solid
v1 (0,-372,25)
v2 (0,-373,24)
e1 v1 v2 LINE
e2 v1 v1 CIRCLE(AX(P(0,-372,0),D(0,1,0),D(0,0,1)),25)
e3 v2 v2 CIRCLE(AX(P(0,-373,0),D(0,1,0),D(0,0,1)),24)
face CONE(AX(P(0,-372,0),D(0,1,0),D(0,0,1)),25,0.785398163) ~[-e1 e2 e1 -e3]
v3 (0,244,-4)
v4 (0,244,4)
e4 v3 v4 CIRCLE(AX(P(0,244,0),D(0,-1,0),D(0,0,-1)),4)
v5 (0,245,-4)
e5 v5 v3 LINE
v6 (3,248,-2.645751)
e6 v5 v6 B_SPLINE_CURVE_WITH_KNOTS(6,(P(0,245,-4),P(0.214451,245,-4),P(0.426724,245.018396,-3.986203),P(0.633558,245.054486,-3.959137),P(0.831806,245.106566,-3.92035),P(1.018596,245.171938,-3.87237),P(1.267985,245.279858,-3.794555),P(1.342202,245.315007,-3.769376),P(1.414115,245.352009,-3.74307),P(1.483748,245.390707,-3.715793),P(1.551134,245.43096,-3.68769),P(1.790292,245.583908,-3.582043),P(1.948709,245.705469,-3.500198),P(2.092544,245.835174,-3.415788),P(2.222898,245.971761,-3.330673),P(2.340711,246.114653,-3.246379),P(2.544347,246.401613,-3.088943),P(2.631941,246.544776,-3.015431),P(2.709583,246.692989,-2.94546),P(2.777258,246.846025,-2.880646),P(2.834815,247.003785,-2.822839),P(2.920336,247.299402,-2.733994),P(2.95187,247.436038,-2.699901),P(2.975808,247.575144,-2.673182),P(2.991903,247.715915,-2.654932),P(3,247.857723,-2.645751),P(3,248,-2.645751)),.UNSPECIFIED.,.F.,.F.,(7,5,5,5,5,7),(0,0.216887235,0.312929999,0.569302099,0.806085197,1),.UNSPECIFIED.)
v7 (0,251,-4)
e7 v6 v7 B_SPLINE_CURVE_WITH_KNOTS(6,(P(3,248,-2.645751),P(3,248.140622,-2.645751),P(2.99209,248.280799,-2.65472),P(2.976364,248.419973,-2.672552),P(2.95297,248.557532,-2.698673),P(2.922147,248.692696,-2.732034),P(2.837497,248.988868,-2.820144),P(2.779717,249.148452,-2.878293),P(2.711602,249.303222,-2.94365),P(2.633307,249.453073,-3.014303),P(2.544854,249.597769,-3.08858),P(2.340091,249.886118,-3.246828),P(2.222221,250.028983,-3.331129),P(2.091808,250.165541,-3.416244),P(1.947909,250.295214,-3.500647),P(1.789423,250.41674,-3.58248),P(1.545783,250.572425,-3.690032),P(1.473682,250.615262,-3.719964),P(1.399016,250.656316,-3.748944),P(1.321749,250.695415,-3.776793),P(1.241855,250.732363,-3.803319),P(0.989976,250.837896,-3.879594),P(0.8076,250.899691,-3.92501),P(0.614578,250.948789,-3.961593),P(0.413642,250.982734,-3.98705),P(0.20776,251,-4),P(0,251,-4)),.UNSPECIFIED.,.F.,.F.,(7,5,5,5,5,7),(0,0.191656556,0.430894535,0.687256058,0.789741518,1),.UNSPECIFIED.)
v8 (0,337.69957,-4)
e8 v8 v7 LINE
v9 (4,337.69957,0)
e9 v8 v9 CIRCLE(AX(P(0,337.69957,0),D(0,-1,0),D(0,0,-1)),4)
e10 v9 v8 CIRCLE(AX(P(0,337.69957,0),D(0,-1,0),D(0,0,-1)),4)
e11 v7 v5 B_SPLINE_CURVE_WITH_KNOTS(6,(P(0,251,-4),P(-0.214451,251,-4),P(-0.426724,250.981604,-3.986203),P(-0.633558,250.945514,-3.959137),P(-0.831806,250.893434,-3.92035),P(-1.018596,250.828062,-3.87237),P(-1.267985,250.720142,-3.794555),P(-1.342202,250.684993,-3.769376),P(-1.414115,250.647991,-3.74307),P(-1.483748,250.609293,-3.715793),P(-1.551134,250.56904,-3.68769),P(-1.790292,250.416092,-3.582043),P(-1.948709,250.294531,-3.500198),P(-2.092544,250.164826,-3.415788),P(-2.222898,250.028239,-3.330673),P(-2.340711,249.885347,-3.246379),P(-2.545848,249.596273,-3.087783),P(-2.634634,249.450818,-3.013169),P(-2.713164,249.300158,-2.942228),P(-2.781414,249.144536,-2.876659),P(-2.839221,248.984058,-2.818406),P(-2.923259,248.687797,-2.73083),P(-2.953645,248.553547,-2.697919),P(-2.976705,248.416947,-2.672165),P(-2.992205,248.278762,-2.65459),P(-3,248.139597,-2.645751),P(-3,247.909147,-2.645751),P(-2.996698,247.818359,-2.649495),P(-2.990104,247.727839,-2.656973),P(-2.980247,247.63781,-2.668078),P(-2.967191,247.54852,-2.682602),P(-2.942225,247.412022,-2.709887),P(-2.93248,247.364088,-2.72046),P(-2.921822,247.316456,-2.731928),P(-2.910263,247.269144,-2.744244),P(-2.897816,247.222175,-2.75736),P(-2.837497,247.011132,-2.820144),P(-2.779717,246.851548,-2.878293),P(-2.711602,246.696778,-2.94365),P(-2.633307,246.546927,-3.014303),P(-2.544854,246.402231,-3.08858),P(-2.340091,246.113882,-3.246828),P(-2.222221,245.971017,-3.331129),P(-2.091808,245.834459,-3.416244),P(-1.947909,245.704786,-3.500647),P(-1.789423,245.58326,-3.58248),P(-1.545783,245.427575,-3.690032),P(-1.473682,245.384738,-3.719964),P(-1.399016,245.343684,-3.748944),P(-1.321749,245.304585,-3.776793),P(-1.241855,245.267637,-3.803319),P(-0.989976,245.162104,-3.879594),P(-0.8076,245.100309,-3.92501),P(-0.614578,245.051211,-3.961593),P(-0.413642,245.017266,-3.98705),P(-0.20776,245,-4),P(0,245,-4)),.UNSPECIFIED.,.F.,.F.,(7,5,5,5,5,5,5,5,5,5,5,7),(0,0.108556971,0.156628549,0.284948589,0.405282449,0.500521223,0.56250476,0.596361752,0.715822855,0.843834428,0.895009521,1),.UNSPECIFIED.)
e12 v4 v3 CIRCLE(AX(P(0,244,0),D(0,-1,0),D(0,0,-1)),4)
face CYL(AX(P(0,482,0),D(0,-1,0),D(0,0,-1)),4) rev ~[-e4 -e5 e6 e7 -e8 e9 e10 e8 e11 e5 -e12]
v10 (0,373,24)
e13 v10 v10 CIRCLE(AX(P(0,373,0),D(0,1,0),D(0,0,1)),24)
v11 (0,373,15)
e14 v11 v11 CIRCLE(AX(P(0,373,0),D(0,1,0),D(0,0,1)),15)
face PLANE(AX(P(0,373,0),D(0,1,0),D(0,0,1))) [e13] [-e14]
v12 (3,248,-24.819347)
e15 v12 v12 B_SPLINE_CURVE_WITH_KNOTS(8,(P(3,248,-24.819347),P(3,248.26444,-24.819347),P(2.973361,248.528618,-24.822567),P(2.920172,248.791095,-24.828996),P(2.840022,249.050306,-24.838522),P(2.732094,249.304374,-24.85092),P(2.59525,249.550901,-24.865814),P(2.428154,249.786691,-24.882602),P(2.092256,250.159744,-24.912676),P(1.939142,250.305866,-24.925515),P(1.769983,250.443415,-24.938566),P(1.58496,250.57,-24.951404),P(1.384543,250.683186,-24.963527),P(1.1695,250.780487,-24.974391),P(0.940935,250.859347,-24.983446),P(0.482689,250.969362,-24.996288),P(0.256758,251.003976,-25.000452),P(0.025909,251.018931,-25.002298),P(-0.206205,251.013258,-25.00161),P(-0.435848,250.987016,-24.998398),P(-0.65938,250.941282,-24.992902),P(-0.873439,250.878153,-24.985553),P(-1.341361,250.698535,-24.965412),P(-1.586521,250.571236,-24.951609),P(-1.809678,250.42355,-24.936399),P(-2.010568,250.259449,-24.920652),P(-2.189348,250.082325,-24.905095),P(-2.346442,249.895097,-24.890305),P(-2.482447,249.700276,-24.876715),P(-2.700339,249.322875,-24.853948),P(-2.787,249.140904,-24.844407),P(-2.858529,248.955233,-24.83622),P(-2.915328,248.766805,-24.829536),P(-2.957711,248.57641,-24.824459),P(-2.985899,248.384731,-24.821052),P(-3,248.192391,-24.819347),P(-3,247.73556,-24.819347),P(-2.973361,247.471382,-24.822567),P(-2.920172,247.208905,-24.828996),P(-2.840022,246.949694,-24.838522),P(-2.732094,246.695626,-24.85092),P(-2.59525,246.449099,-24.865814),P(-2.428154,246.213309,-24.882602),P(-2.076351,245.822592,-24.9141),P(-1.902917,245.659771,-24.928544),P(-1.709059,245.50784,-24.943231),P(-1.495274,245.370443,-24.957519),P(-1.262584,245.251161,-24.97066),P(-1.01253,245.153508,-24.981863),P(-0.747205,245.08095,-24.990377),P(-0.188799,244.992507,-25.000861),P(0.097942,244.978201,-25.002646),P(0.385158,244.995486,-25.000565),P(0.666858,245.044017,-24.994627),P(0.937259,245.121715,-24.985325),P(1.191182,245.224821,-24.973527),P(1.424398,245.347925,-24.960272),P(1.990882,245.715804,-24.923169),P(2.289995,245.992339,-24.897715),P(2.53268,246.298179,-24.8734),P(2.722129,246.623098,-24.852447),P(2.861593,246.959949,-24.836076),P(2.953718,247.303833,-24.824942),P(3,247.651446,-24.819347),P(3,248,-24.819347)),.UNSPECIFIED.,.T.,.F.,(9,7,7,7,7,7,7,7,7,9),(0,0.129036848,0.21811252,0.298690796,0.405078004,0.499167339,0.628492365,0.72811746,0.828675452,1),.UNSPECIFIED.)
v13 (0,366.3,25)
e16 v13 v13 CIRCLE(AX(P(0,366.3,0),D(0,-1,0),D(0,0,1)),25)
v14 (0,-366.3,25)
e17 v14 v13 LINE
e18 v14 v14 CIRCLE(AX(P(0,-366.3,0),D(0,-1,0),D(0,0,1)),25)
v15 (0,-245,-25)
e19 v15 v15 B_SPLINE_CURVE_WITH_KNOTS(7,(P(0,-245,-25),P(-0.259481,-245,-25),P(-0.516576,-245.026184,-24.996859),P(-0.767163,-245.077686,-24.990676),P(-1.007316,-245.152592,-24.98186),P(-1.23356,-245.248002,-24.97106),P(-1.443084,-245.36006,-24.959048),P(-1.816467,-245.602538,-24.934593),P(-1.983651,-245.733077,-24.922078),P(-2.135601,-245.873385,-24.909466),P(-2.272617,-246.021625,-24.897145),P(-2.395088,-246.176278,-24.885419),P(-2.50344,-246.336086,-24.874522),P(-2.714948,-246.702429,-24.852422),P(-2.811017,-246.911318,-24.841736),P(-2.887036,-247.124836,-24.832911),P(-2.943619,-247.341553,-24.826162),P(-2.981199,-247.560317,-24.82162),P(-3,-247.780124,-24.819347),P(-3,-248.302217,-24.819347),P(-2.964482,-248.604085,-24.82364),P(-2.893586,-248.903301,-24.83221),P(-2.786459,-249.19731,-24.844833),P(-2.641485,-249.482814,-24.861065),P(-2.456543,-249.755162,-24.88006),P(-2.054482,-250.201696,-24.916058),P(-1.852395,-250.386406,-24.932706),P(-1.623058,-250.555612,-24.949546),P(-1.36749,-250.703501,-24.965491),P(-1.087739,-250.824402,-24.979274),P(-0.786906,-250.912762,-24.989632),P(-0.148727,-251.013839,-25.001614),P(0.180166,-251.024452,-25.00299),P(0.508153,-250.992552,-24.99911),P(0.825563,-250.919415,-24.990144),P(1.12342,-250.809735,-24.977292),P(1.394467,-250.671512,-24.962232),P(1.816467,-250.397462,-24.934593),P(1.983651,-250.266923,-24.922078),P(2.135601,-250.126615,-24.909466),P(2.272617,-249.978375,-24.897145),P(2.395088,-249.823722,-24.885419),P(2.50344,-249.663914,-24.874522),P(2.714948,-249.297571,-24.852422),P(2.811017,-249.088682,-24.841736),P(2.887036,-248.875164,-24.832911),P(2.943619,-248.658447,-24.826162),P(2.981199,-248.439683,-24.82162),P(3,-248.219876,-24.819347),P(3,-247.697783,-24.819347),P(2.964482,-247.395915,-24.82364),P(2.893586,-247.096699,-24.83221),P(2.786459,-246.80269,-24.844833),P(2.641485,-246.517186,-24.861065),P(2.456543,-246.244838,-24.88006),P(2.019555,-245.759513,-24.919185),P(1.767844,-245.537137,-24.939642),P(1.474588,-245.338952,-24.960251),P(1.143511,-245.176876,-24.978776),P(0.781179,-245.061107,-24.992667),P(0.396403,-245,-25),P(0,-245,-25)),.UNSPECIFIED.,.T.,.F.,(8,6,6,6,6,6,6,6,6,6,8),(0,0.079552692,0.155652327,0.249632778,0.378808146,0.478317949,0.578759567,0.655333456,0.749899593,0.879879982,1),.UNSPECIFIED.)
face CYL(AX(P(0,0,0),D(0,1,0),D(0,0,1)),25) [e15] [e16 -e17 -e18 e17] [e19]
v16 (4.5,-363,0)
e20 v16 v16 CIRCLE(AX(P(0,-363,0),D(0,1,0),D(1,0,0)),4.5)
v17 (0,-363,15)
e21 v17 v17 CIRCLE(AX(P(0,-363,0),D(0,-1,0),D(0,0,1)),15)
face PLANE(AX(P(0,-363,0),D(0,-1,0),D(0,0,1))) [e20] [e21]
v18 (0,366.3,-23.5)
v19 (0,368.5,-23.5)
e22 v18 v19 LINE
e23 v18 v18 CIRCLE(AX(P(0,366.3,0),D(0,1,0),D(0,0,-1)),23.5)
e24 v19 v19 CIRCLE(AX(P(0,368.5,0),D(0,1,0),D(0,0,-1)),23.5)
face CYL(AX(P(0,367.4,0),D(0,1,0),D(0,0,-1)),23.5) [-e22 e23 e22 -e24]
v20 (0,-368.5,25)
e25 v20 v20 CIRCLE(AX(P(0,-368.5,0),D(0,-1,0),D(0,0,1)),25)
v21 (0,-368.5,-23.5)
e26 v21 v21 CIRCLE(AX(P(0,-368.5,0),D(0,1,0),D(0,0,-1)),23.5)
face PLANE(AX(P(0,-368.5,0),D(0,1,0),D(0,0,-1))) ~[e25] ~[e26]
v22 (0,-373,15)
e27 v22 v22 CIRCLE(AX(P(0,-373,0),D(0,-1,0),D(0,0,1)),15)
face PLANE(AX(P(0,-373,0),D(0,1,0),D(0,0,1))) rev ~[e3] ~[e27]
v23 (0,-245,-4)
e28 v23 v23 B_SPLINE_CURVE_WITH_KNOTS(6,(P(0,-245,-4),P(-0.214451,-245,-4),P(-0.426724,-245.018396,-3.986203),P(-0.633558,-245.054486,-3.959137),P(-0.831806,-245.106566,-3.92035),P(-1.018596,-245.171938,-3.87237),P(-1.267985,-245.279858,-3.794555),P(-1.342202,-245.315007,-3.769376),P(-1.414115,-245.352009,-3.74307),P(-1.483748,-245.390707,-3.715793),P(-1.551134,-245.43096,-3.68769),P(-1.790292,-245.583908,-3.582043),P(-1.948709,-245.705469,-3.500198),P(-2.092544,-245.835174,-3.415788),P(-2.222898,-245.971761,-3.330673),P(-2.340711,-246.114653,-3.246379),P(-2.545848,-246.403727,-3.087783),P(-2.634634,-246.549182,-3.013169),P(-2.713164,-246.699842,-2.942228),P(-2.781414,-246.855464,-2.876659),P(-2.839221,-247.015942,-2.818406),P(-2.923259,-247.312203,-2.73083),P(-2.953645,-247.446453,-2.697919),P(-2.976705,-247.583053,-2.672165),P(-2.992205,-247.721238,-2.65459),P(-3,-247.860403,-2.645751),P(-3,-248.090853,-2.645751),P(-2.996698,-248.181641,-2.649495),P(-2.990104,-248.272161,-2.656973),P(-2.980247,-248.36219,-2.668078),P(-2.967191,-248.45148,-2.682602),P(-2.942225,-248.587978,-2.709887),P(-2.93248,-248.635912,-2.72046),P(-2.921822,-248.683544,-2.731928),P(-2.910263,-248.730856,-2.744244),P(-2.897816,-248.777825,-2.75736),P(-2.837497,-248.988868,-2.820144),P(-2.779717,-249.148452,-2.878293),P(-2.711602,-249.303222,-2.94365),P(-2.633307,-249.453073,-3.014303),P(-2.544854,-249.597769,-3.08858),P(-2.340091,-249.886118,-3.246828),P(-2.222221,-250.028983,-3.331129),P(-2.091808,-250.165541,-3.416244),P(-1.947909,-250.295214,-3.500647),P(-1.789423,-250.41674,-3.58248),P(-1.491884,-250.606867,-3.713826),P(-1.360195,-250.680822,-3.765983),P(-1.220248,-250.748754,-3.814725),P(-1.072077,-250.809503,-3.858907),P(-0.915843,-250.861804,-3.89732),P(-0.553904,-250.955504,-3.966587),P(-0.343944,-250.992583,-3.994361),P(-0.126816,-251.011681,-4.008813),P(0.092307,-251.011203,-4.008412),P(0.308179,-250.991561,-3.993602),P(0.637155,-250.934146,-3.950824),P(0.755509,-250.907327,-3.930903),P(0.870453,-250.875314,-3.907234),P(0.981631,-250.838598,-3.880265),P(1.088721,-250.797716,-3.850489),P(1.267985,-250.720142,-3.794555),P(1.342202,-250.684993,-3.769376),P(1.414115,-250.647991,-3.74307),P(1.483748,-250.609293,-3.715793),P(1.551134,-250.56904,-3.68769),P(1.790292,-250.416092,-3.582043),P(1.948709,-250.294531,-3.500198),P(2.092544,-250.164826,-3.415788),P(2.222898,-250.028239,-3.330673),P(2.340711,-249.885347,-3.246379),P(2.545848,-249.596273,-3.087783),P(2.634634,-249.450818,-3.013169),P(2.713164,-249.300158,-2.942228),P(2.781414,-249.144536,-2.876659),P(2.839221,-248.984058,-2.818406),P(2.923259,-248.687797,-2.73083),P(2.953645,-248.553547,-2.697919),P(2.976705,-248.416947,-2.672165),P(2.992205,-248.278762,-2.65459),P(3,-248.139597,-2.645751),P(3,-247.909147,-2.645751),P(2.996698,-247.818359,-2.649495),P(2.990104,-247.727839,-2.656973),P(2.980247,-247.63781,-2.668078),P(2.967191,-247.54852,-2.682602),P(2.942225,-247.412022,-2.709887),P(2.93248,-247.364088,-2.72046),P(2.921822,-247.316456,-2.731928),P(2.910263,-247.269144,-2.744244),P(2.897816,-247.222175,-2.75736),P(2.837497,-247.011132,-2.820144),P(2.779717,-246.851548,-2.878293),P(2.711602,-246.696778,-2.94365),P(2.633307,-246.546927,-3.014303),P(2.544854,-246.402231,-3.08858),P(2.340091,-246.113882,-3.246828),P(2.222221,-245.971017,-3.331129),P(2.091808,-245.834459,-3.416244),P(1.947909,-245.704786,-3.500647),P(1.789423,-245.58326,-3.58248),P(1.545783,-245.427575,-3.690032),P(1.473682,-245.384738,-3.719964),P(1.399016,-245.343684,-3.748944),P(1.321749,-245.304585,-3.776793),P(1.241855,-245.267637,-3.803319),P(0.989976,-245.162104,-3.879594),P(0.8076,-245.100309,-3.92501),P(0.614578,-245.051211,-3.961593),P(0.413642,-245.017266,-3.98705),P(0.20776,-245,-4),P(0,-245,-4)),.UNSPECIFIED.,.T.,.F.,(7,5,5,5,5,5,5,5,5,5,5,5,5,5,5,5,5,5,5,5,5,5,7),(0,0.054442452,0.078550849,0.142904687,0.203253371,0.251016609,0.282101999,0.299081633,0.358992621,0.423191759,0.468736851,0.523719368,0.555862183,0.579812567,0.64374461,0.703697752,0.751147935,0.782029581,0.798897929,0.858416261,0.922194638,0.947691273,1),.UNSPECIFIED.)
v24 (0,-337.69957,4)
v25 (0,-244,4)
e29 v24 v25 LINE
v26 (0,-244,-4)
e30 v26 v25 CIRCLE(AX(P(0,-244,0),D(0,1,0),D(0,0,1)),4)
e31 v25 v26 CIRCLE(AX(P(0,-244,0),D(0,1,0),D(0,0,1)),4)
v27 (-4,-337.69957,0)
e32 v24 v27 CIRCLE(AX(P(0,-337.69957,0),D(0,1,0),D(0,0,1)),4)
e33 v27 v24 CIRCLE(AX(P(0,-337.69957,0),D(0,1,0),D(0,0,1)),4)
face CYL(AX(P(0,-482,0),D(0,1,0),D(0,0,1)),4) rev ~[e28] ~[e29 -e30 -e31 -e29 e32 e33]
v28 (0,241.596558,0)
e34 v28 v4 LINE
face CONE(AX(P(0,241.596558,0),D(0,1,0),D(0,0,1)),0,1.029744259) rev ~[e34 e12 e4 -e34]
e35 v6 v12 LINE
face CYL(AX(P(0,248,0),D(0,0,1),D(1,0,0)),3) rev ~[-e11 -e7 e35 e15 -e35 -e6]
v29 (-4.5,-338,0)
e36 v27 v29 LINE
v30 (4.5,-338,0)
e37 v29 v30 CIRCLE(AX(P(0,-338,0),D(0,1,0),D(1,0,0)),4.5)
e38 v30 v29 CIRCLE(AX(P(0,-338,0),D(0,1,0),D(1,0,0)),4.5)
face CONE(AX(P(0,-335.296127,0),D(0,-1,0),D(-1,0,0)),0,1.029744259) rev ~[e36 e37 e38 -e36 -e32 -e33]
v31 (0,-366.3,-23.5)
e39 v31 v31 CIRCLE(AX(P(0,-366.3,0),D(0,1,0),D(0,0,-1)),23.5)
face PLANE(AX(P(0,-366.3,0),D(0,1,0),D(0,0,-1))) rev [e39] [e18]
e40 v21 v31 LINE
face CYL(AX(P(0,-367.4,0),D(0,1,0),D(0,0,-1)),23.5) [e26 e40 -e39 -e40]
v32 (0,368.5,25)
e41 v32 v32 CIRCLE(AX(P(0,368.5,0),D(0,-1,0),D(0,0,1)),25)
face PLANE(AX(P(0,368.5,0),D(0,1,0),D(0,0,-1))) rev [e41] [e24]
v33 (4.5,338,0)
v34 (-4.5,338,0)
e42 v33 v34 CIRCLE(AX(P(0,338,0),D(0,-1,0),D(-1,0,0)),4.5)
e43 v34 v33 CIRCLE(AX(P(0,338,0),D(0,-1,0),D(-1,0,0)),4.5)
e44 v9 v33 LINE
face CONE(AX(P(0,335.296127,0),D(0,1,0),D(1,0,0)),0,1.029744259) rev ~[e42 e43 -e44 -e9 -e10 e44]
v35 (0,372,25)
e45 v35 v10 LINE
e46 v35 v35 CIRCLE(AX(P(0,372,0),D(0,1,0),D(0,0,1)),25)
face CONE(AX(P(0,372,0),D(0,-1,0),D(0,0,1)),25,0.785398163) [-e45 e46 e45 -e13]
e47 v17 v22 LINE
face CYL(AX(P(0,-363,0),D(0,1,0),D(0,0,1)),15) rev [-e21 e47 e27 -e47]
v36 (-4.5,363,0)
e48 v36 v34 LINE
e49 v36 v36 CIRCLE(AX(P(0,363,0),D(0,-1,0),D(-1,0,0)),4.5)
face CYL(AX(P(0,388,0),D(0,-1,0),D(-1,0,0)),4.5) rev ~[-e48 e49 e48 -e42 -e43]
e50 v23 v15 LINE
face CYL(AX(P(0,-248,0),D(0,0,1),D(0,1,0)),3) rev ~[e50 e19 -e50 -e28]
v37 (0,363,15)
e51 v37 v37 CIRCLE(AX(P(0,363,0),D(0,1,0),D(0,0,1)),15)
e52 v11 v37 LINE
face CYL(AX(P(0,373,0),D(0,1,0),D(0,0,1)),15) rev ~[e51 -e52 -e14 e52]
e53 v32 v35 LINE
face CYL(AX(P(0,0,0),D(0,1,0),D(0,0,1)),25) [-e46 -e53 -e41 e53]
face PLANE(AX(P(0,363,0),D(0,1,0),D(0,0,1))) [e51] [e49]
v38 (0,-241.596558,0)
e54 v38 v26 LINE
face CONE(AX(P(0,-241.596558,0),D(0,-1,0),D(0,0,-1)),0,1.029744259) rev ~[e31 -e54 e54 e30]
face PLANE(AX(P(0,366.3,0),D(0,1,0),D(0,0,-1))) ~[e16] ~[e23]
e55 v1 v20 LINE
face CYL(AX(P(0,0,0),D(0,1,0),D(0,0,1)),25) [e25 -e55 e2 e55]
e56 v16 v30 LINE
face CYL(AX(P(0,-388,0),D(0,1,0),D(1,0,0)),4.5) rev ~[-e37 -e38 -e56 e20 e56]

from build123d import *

# Parameters (mm, degrees)
SKETCH_1_R                = 25
EXTRUDE_1_DEPTH           = 373
SKETCH_2_R                = 15
CUT_EXTRUDE_1_DEPTH       = 10
HOLE_WIZARD_8_0_8_1_D     = 8
HOLE_WIZARD_8_0_8_1_DEPTH = 119
HOLE_WIZARD_8_0_8_1_TIP   = 2.403442476
SKETCH_5_R                = 3
CUT_EXTRUDE_2_DEPTH       = 100
M10X1_0_1_D               = 9
M10X1_0_1_DEPTH           = 25
M10X1_0_1_TIP             = 2.703872786
CUT_EXTRUDE_START         = -10
SKETCH_8_R                = 15
CUT_EXTRUDE_3_DEPTH       = 10
HOLE_WIZARD_8_0_8_2_D     = 8
HOLE_WIZARD_8_0_8_2_DEPTH = 119
HOLE_WIZARD_8_0_8_2_TIP   = 2.403442476
M10X1_0_2_D               = 9
M10X1_0_2_DEPTH           = 25
M10X1_0_2_TIP             = 2.703872786
SKETCH_12_R               = 3
CUT_EXTRUDE_4_DEPTH       = 51
CHAMFER_1_SIZE            = 1
SKETCH_14_W               = 1.5
SKETCH_14_H               = 2.2


with BuildPart() as part:
    # 草图1 → 凸台-拉伸1 (new, symmetric)
    with BuildSketch(Plane(origin=(0, 0, 0), x_dir=(1, 0, 0), z_dir=(0, 1, 0))):
        with Locations(Location((0, 0, 0), (0, 0, 270))):
            Circle(SKETCH_1_R)
    extrude(amount=EXTRUDE_1_DEPTH, both=True)

    # 草图2 → 切除-拉伸1 (cut)
    with BuildSketch(Plane(origin=(0, 373, 0), x_dir=(1, 0, 0), z_dir=(0, 1, 0))):
        with Locations(Location((0, 0, 0), (0, 0, 270))):
            Circle(SKETCH_2_R)
    extrude(amount=-CUT_EXTRUDE_1_DEPTH, mode=Mode.SUBTRACT)

    # Ø8.0 (8) 直径孔1
    with Locations(Plane.ZX.offset(363)):
        with Locations((0, 0)):
            Hole(HOLE_WIZARD_8_0_8_1_D / 2, depth=HOLE_WIZARD_8_0_8_1_DEPTH)
            with Locations((0, 0, -(HOLE_WIZARD_8_0_8_1_DEPTH + HOLE_WIZARD_8_0_8_1_TIP / 2))):  # 118° drill point
                Cone(0, HOLE_WIZARD_8_0_8_1_D / 2, HOLE_WIZARD_8_0_8_1_TIP, mode=Mode.SUBTRACT)

    # 草图5 → 切除-拉伸2 (cut)
    with BuildSketch(Plane.XY):
        with Locations((0, 248)):
            Circle(SKETCH_5_R)
    extrude(amount=-CUT_EXTRUDE_2_DEPTH, mode=Mode.SUBTRACT)

    # M10x1.0 螺纹孔1
    with Locations(Plane(origin=(0, 363, 0), x_dir=(1, 0, 0), z_dir=(0, 1, 0))):
        with Locations((0, 0)):
            Hole(M10X1_0_1_D / 2, depth=M10X1_0_1_DEPTH)
            with Locations((0, 0, -(M10X1_0_1_DEPTH + M10X1_0_1_TIP / 2))):  # 118° drill point
                Cone(0, M10X1_0_1_D / 2, M10X1_0_1_TIP, mode=Mode.SUBTRACT)

    # 草图8 → 切除-拉伸3 (cut)
    with BuildSketch(Plane.XZ.offset(373).offset(CUT_EXTRUDE_START)):
        with Locations(Location((0, 0, 0), (0, 0, 90))):
            Circle(SKETCH_8_R)
    extrude(amount=CUT_EXTRUDE_3_DEPTH, mode=Mode.SUBTRACT)

    # Ø8.0 (8) 直径孔2
    with Locations(Plane(origin=(0, -363, 0), x_dir=(0, 0, -1), z_dir=(0, -1, 0))):
        with Locations((0, 0)):
            Hole(HOLE_WIZARD_8_0_8_2_D / 2, depth=HOLE_WIZARD_8_0_8_2_DEPTH)
            with Locations((0, 0, -(HOLE_WIZARD_8_0_8_2_DEPTH + HOLE_WIZARD_8_0_8_2_TIP / 2))):  # 118° drill point
                Cone(0, HOLE_WIZARD_8_0_8_2_D / 2, HOLE_WIZARD_8_0_8_2_TIP, mode=Mode.SUBTRACT)

    # M10x1.0 螺纹孔2
    with Locations(Plane(origin=(0, -363, 0), x_dir=(-1, 0, 0), z_dir=(0, -1, 0))):
        with Locations((0, 0)):
            Hole(M10X1_0_2_D / 2, depth=M10X1_0_2_DEPTH)
            with Locations((0, 0, -(M10X1_0_2_DEPTH + M10X1_0_2_TIP / 2))):  # 118° drill point
                Cone(0, M10X1_0_2_D / 2, M10X1_0_2_TIP, mode=Mode.SUBTRACT)

    # 草图12 → 切除-拉伸4 (cut)
    with BuildSketch(Plane.XY):
        with Locations(Location((0, -248, 0), (0, 0, 90))):
            Circle(SKETCH_12_R)
    extrude(amount=-CUT_EXTRUDE_4_DEPTH, mode=Mode.SUBTRACT)

    # 倒角1
    chamfer_1_edges = [part.edges().sort_by_distance(p)[0] for p in [
        (0, -373, -25),
        (0, 373, -25),
    ]]
    chamfer(chamfer_1_edges, length=CHAMFER_1_SIZE)

    # 草图14 → 切除-旋转1 (revolve, cut)
    with BuildSketch(Plane(origin=(0, 0, 0), x_dir=(0, 0, -1), z_dir=(1, 0, 0))):
        with Locations((24.25, 367.4)):
            Rectangle(SKETCH_14_W, SKETCH_14_H)
        with Locations((24.25, -367.4)):
            Rectangle(SKETCH_14_W, SKETCH_14_H)
    revolve(axis=Axis((0, 0, 0), (0, 1, 0)), mode=Mode.SUBTRACT)


solid = part.part
